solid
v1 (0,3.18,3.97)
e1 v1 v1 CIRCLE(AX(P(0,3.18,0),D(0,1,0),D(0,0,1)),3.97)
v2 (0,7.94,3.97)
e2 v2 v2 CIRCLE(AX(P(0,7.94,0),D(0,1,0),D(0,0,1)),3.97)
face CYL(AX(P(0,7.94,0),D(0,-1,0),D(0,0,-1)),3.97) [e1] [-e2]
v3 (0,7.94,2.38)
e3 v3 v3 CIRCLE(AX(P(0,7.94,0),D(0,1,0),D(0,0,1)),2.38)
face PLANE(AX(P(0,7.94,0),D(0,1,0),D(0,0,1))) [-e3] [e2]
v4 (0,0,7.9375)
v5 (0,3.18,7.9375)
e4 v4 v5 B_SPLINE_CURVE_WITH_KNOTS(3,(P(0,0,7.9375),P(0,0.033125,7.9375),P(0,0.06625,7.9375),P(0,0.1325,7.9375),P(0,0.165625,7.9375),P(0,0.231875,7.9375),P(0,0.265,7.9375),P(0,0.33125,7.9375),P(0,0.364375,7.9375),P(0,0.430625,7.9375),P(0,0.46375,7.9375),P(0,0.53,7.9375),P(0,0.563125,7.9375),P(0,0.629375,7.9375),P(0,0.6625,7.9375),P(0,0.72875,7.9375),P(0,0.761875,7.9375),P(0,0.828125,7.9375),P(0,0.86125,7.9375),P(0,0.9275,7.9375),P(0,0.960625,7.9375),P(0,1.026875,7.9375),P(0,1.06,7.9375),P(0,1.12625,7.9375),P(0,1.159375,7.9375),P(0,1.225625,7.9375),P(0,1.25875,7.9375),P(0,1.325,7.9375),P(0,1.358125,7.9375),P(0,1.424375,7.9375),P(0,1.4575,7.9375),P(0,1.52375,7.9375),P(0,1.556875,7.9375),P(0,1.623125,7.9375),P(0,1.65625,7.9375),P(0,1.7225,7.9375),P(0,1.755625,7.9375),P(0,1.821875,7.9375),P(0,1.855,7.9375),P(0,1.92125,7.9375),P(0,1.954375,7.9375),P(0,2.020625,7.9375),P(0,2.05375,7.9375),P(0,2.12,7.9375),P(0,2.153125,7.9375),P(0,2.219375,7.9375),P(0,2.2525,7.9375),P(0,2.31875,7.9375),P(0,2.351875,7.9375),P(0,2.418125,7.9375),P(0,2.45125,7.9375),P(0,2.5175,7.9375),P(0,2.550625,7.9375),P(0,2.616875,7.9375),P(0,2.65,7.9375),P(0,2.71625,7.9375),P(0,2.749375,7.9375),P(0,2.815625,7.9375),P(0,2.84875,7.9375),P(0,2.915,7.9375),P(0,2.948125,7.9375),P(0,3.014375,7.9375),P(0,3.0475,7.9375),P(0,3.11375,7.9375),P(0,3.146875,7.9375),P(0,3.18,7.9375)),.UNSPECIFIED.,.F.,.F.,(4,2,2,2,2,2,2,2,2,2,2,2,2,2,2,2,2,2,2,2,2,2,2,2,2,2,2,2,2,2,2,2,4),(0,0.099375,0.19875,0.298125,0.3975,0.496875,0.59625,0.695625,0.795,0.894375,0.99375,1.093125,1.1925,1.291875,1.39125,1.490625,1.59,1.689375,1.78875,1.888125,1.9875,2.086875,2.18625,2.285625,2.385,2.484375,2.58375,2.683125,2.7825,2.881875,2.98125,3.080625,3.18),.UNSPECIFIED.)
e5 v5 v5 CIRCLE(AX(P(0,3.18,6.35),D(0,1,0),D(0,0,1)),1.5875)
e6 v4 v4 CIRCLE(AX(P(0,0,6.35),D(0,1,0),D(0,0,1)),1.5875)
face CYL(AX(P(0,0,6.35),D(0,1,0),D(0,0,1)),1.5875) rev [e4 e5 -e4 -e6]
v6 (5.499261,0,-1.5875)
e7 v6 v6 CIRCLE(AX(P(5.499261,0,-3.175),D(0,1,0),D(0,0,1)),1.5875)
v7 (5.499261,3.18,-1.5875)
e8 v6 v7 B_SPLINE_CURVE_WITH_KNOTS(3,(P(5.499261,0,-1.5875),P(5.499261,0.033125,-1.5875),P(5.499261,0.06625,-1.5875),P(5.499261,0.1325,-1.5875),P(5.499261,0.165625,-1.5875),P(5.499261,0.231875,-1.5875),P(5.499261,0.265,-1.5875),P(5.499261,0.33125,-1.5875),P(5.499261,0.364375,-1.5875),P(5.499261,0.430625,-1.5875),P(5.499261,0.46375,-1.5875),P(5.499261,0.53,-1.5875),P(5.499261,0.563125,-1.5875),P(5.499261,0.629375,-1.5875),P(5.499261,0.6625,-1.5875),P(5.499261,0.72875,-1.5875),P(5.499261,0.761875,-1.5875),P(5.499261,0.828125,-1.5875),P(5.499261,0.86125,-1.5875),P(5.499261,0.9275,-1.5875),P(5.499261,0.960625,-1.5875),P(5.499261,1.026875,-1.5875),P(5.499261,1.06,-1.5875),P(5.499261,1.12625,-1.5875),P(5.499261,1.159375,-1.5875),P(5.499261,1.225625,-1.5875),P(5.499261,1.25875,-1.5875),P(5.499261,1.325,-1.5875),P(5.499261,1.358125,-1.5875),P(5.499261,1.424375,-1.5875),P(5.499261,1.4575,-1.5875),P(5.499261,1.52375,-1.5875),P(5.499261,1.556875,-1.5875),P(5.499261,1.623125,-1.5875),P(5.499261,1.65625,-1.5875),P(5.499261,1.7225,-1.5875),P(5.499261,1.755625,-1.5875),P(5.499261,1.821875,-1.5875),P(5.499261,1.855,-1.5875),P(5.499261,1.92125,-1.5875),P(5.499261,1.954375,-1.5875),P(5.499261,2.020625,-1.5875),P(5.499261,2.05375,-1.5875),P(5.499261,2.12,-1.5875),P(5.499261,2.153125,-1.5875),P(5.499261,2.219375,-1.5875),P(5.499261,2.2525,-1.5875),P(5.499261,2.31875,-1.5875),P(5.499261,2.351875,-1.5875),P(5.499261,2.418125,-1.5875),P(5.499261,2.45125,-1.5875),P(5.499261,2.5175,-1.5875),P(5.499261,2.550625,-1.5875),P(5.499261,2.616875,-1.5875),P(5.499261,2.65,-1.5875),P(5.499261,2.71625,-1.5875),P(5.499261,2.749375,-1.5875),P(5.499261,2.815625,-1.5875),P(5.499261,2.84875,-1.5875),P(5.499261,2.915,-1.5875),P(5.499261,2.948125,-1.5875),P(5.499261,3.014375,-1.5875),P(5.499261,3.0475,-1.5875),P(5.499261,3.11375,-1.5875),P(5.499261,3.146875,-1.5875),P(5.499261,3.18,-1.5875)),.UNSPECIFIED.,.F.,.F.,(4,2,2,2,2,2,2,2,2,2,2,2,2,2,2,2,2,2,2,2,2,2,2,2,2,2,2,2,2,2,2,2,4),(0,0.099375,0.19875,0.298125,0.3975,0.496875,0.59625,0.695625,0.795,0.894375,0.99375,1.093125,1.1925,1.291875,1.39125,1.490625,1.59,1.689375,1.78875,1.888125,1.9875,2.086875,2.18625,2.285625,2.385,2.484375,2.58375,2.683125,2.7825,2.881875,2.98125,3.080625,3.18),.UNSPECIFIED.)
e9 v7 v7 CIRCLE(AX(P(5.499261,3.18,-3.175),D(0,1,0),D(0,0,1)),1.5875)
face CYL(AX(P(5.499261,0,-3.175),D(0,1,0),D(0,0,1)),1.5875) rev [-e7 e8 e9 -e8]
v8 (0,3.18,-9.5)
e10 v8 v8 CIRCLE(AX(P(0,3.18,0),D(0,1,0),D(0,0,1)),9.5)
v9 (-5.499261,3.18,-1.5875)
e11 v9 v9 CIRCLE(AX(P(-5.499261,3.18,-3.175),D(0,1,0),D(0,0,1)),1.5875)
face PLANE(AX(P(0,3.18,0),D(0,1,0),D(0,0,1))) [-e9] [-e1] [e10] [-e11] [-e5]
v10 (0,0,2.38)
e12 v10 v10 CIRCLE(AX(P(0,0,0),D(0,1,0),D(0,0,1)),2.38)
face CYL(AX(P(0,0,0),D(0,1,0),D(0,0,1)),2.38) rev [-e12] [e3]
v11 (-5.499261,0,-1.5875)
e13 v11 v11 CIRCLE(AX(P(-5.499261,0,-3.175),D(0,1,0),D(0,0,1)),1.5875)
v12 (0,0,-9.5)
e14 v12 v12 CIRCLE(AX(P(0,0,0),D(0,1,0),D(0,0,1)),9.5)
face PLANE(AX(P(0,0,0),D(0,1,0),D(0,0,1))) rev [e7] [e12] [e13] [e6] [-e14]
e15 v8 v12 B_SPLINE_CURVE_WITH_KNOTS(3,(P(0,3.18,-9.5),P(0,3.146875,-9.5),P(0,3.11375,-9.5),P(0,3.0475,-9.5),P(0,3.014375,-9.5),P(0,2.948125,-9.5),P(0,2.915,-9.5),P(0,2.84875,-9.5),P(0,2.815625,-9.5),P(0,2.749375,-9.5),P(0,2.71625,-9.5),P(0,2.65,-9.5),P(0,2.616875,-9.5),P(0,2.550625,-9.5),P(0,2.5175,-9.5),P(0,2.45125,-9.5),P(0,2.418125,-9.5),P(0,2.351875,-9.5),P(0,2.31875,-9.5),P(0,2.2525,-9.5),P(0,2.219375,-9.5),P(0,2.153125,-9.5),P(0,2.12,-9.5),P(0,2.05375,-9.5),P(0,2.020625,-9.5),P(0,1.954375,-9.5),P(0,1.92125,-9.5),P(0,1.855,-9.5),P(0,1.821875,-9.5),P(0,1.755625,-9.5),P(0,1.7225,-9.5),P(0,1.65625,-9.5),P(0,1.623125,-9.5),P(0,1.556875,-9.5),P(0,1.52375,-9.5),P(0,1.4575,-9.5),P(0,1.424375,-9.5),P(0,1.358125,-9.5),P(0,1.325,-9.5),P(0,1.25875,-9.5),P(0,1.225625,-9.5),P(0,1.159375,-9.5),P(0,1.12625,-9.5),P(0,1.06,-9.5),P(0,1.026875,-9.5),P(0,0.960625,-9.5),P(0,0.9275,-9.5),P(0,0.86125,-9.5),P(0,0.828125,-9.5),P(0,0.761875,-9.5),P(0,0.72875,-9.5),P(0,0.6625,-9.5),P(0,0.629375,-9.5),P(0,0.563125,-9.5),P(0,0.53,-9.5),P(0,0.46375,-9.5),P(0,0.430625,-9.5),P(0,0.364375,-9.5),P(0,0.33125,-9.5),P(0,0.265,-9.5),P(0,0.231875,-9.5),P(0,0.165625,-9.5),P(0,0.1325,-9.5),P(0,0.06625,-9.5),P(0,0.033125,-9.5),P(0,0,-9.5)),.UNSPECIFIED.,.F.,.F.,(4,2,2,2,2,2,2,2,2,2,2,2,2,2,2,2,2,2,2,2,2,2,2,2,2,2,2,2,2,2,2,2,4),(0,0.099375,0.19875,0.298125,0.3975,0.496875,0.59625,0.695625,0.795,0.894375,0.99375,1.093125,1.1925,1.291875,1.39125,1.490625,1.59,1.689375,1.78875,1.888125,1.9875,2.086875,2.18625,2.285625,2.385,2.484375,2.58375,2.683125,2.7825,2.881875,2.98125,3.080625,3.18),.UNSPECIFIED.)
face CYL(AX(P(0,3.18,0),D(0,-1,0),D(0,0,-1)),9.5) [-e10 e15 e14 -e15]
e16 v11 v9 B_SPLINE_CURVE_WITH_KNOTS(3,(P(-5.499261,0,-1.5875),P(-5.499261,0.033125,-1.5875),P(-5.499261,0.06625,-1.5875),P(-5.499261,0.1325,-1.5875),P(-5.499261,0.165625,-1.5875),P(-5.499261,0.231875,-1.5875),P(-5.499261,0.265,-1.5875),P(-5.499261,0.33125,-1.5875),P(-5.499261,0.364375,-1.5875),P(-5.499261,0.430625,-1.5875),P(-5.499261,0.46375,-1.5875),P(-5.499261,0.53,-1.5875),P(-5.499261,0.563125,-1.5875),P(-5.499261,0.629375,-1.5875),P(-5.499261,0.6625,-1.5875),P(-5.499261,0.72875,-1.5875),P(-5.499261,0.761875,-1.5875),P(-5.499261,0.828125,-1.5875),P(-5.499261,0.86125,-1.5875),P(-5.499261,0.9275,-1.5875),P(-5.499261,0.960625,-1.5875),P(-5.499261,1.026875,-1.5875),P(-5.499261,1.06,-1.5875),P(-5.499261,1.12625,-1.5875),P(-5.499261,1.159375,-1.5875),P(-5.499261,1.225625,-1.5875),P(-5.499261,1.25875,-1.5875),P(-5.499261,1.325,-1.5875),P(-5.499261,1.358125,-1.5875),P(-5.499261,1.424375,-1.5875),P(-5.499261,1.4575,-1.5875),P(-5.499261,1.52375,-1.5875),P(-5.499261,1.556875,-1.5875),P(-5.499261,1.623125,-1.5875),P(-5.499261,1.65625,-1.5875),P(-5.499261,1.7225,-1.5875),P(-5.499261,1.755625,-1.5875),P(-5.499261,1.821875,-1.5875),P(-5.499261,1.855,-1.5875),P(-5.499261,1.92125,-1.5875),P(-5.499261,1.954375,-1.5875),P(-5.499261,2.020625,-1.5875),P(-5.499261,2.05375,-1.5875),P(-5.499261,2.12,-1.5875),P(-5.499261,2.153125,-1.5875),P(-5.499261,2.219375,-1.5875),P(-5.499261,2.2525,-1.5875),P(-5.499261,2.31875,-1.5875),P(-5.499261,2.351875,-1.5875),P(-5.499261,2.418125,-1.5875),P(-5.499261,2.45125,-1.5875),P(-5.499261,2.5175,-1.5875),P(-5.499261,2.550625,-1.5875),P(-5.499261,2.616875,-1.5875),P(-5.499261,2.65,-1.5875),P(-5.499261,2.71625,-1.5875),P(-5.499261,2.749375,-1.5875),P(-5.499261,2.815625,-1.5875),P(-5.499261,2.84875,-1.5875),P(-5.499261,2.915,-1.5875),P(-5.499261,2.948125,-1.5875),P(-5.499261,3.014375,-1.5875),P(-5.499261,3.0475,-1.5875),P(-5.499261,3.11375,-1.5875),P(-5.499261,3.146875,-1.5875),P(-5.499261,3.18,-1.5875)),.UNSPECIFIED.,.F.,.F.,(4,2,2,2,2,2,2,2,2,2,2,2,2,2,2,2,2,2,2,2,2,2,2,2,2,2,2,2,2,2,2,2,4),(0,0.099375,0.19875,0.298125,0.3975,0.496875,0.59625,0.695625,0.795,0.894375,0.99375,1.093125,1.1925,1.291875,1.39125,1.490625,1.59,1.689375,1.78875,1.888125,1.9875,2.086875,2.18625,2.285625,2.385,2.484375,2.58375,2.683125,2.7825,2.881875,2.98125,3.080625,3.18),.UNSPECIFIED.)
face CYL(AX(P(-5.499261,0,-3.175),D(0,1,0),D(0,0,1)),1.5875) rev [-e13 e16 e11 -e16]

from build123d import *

# Parameters (mm, degrees)
SKETCH1_R           = 9.5
BOSS_EXTRUDE1_DEPTH = 3.18
SKETCH2_R           = 3.97
BOSS_EXTRUDE2_DEPTH = 4.76
SKETCH3_R           = 2.38
CUT_EXTRUDE1_DEPTH  = 16.605883506
SKETCH4_R           = 1.5875
CUT_EXTRUDE2_DEPTH  = 15.253336452


with BuildPart() as part:
    # Sketch1 → Boss-Extrude1 (new body)
    with BuildSketch(Plane(origin=(0, 0, 0), x_dir=(1, 0, 0), z_dir=(0, 1, 0))):
        with Locations(Location((0, 0, 0), (0, 0, 90))):
            Circle(SKETCH1_R)
    extrude(amount=BOSS_EXTRUDE1_DEPTH)

    # Sketch2 → Boss-Extrude2 (add)
    with BuildSketch(Plane(origin=(0, 3.18, 0), x_dir=(1, 0, 0), z_dir=(0, 1, 0))):
        with Locations(Location((0, 0, 0), (0, 0, 270))):
            Circle(SKETCH2_R)
    extrude(amount=BOSS_EXTRUDE2_DEPTH)

    # Sketch3 → Cut-Extrude1 (cut, through all)
    with BuildSketch(Plane(origin=(0, 7.94, 0), x_dir=(1, 0, 0), z_dir=(0, 1, 0))):
        with Locations(Location((0, 0, 0), (0, 0, 270))):
            Circle(SKETCH3_R)
    extrude(amount=-CUT_EXTRUDE1_DEPTH, mode=Mode.SUBTRACT)

    # Sketch4 → Cut-Extrude2 (cut, through all)
    with BuildSketch(Plane(origin=(0, 3.18, 0), x_dir=(1, 0, 0), z_dir=(0, 1, 0))):
        with Locations(Location((0, -6.35, 0), (0, 0, 270))):
            Circle(SKETCH4_R)
        with Locations(Location((-5.499261314, 3.175, 0), (0, 0, 270))):
            Circle(SKETCH4_R)
        with Locations(Location((5.499261314, 3.175, 0), (0, 0, 270))):
            Circle(SKETCH4_R)
    extrude(amount=-CUT_EXTRUDE2_DEPTH, mode=Mode.SUBTRACT)


solid = part.part
